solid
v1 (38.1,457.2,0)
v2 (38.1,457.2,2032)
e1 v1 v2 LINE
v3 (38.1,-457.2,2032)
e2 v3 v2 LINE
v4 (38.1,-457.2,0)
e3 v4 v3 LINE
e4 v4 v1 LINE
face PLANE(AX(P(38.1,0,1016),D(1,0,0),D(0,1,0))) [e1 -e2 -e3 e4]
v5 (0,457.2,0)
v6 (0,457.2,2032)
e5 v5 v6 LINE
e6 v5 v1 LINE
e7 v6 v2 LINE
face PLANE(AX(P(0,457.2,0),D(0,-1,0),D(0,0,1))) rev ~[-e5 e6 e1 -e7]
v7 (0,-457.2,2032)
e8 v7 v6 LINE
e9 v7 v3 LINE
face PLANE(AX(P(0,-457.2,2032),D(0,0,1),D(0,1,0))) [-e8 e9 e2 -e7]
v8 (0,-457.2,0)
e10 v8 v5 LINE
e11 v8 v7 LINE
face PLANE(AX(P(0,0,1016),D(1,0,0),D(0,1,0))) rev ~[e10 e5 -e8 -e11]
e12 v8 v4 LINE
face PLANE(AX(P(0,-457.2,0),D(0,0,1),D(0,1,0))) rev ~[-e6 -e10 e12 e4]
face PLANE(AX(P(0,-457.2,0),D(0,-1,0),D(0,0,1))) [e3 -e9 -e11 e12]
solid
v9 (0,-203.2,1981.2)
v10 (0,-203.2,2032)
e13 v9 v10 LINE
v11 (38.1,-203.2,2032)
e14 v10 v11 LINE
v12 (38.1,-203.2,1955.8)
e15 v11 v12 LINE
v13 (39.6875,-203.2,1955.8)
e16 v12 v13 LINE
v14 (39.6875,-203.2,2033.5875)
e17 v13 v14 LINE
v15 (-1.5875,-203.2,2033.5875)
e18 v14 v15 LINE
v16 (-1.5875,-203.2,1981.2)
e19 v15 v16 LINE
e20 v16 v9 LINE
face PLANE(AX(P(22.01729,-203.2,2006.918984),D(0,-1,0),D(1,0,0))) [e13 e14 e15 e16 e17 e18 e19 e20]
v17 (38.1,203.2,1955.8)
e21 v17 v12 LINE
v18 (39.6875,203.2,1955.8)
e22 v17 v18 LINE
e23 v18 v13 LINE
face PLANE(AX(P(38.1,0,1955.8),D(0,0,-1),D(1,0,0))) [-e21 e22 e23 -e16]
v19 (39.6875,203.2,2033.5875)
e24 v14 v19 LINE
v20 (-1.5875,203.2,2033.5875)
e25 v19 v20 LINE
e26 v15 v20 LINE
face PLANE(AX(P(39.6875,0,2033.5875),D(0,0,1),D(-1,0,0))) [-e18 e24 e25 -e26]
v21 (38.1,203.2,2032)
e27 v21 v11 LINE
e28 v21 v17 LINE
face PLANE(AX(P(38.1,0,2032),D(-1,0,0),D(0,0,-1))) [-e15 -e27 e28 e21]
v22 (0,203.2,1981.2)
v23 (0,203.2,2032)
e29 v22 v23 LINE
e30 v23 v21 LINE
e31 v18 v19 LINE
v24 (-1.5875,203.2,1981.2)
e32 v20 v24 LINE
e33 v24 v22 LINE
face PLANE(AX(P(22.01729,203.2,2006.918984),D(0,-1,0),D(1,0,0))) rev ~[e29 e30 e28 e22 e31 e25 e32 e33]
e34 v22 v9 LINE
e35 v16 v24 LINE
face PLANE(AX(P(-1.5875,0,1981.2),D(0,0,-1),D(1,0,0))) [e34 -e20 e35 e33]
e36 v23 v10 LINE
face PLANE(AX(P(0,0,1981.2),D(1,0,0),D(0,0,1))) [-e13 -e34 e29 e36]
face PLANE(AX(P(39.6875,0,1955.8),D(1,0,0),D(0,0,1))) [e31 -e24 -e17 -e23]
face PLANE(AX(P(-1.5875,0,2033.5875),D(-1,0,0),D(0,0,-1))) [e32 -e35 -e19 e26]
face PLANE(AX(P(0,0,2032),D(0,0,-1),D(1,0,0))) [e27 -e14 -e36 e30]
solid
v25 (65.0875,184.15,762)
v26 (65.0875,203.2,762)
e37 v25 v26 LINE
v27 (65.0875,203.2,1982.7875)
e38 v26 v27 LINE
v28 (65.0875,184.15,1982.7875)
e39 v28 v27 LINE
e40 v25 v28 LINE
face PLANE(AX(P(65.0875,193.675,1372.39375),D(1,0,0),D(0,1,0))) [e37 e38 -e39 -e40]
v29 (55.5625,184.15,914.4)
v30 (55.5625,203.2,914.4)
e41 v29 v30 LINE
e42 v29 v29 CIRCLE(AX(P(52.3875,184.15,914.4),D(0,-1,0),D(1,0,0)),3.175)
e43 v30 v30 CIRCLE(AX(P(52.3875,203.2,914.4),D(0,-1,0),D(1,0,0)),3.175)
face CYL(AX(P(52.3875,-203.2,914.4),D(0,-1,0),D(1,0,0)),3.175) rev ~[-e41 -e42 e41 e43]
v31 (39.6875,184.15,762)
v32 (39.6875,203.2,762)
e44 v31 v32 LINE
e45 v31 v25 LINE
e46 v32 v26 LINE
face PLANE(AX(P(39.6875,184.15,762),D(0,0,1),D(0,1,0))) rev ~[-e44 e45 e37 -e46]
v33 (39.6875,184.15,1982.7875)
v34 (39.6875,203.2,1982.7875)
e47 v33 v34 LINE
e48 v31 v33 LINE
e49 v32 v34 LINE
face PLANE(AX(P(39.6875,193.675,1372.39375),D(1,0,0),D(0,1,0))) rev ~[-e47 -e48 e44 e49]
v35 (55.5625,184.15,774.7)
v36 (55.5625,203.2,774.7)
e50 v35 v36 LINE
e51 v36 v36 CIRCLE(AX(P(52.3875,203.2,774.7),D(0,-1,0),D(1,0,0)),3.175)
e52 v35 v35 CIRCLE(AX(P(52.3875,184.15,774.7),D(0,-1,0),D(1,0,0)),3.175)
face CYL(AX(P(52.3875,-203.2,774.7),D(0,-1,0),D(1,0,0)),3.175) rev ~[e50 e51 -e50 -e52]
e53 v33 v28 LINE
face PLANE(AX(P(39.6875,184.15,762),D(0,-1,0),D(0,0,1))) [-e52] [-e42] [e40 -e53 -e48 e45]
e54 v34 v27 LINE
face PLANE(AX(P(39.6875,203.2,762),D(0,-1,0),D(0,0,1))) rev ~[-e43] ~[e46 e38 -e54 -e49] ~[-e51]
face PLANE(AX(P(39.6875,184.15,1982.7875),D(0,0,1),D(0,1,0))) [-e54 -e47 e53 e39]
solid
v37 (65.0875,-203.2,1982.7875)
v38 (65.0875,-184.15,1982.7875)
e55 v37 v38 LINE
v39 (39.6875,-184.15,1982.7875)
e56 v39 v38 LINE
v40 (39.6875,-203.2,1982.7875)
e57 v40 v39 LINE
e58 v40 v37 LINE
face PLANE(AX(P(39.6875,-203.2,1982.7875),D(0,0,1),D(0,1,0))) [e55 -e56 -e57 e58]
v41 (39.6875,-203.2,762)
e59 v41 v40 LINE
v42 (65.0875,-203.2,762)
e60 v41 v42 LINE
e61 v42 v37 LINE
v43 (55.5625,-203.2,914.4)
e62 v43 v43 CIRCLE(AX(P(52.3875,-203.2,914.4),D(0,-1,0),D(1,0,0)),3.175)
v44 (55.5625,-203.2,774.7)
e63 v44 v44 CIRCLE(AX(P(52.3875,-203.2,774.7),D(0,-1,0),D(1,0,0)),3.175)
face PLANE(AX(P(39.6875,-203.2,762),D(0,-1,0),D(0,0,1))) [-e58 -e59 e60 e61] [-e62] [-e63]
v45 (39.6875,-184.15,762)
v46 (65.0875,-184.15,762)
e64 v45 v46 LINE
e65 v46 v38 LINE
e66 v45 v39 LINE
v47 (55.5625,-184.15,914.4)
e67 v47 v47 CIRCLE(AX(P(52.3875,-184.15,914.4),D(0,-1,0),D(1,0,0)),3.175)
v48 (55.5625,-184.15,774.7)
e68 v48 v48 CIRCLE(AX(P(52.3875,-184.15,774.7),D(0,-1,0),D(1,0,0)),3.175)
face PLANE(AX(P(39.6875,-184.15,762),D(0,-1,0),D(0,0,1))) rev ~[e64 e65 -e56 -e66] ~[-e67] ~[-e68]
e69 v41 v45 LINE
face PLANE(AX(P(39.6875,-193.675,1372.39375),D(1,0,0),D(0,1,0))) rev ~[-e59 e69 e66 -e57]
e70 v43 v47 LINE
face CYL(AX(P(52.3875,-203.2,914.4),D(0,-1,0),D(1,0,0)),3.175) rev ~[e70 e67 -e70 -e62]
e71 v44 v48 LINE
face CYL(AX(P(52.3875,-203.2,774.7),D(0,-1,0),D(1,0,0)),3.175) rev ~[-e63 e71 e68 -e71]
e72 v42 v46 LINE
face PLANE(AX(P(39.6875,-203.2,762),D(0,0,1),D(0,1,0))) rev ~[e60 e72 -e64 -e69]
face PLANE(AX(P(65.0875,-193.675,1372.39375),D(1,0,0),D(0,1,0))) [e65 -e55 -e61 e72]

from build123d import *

# Parameters (mm, degrees)
F0_W     = 914.4
F0_H     = 2032
F1_DEPTH = 38.1
F3_DEPTH = 203.2
F4_W     = 19.05
F4_H     = 1220.7875
F5_DEPTH = 25.4
F6_R     = 3.175
F7_DEPTH = 660.401


with BuildPart() as f1:
    # F0 (on Right) → F1 (new body)
    with BuildSketch(Plane.YZ):
        with Locations((0, 1016)):
            Rectangle(F0_W, F0_H)
    extrude(amount=F1_DEPTH)


with BuildPart() as f3:
    # F2 (on Front) → F3 (new body, symmetric)
    with BuildSketch(Plane.XZ):
        Polygon((-1.5875, 1981.2), (0, 1981.2), (0, 2032), (38.1, 2032), (38.1, 1955.8), (39.6875, 1955.8), (39.6875, 2033.5875), (-1.5875, 2033.5875), align=None)
    extrude(amount=F3_DEPTH, both=True)


with BuildPart() as f5:
    # F4 (on face) → F5 (new body)
    with BuildSketch(Plane.YZ.offset(39.6875)):
        with Locations((-193.675, 1372.39375)):
            Rectangle(F4_W, F4_H)
    extrude(amount=F5_DEPTH)


with BuildPart() as f5b:
    # F4 (on face) → F5, piece 2 (new body)
    with BuildSketch(Plane.YZ.offset(39.6875)):
        with Locations((193.675, 1372.39375)):
            Rectangle(F4_W, F4_H)
    extrude(amount=F5_DEPTH)


with BuildPart() as f7_tool:
    # F6 (on face) → F7 (new body, through all)
    with BuildSketch(Plane.XZ.offset(203.2)):
        with Locations((52.3875, 914.4)):
            Circle(F6_R)
        with Locations((52.3875, 774.7)):
            Circle(F6_R)
    extrude(amount=-F7_DEPTH)


with BuildPart() as f5_1:
    add(f5.part)

    # F7: cut by f7_tool
    add(f7_tool.part, mode=Mode.SUBTRACT)


with BuildPart() as f5b_1:
    add(f5b.part)

    # F7: cut by f7_tool
    add(f7_tool.part, mode=Mode.SUBTRACT)


solid = Compound([f1.part, f3.part, f5_1.part, f5b_1.part])
